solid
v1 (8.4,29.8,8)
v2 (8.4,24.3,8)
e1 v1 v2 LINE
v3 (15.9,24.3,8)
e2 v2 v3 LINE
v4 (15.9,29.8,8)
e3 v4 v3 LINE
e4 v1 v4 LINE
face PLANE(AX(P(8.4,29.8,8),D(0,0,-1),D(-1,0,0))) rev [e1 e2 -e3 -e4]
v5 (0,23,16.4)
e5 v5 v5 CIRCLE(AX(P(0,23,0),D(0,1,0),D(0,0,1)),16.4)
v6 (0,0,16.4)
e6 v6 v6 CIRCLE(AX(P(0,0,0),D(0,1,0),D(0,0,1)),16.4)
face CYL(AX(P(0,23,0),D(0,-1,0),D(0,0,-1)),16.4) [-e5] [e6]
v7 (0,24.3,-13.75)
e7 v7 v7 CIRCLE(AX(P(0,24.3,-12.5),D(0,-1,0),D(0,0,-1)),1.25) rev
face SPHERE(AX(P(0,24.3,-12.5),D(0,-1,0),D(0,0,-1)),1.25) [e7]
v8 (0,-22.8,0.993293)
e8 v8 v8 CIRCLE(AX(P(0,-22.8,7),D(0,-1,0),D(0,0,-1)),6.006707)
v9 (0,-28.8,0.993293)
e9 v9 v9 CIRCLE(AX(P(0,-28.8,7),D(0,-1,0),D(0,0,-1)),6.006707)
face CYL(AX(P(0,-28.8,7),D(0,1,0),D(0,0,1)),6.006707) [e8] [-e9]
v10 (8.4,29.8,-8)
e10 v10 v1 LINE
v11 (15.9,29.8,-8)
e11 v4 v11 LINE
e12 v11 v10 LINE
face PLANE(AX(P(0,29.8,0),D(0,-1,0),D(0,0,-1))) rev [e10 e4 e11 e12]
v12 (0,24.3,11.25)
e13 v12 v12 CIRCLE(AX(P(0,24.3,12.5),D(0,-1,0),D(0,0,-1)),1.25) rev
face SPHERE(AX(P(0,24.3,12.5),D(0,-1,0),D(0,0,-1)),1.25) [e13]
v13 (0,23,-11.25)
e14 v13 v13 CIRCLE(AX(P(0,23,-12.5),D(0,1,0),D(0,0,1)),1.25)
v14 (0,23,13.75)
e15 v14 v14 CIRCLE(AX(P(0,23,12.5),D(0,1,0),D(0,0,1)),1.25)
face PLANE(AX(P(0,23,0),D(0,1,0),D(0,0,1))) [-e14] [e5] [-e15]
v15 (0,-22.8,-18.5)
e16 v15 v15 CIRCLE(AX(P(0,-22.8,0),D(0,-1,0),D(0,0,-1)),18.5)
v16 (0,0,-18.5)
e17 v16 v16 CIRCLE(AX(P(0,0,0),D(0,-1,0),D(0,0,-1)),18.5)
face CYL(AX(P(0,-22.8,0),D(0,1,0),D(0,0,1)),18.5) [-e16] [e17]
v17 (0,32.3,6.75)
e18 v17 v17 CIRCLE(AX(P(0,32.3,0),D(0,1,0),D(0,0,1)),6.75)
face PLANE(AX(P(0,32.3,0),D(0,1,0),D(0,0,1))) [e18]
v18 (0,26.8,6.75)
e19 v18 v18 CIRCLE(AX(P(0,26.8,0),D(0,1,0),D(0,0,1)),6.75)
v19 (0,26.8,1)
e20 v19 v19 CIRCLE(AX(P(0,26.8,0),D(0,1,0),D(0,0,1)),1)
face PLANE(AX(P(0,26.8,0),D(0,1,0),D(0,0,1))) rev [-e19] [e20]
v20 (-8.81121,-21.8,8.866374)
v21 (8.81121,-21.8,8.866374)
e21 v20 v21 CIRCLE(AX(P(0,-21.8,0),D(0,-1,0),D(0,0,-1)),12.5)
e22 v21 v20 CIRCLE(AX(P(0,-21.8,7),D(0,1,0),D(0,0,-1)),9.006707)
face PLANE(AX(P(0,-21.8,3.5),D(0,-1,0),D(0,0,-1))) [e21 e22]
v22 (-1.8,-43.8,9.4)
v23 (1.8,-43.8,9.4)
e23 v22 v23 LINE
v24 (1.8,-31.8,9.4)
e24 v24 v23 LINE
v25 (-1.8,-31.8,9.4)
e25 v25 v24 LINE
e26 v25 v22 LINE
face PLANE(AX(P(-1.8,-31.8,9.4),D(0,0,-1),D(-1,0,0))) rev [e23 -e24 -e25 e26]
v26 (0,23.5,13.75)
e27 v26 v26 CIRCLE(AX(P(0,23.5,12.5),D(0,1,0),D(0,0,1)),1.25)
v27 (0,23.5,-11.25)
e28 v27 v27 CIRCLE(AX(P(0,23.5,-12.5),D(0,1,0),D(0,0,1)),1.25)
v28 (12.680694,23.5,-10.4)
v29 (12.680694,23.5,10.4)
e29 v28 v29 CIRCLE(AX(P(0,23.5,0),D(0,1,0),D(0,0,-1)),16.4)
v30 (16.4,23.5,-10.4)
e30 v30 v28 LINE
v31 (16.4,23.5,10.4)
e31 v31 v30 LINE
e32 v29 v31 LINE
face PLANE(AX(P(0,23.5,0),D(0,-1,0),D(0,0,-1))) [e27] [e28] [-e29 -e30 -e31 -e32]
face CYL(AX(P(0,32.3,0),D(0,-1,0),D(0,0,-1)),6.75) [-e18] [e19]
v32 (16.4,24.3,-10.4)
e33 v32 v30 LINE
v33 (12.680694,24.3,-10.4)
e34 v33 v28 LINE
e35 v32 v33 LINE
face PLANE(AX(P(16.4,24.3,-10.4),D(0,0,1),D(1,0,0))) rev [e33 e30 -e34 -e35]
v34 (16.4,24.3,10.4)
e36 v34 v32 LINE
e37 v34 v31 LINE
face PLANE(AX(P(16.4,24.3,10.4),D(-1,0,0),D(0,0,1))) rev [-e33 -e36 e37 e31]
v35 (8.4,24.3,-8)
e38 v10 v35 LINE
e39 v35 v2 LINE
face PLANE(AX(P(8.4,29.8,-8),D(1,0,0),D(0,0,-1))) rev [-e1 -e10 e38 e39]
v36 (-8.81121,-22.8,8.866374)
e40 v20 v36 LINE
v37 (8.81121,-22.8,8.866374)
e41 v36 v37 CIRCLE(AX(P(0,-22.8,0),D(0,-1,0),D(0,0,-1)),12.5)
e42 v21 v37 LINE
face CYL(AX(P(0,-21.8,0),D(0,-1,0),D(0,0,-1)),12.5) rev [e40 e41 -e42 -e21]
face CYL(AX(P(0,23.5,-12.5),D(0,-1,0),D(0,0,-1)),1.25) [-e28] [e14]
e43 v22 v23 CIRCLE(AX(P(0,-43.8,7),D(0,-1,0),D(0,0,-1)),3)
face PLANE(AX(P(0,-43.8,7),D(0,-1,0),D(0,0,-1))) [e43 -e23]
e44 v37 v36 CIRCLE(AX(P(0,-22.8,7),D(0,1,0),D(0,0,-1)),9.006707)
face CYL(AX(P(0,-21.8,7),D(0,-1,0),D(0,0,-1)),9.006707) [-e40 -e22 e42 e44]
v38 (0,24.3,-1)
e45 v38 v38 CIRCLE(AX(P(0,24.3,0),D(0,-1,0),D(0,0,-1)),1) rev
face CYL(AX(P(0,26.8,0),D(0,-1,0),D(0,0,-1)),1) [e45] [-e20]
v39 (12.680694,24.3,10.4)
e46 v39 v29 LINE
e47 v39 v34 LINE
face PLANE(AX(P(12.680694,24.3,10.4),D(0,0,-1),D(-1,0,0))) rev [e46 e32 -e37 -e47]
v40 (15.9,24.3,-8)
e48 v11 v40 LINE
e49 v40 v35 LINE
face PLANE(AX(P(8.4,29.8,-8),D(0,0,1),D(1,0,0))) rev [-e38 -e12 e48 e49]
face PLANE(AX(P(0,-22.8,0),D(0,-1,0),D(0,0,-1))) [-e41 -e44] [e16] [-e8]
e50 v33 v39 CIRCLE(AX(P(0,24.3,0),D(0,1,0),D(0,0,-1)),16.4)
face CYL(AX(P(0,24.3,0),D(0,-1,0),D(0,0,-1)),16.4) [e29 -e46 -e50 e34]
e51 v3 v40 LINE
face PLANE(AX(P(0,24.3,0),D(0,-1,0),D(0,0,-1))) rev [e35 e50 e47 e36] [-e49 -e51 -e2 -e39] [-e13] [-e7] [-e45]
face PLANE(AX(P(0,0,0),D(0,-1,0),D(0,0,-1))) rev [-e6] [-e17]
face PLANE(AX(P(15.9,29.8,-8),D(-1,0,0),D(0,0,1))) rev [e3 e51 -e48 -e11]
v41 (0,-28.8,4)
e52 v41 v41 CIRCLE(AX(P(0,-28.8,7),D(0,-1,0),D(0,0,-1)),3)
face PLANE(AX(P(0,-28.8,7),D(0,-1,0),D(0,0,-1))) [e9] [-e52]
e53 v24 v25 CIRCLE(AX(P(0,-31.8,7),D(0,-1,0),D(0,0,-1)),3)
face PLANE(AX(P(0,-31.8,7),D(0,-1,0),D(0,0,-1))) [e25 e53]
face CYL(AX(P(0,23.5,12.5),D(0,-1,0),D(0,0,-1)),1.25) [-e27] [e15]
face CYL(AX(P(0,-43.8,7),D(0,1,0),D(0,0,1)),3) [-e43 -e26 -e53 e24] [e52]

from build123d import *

# Parameters (mm, degrees)
SKETCH1_R            = 16.4
BOSS_EXTRUDE1_DEPTH  = 23
SKETCH2_R            = 1.25
BOSS_EXTRUDE2_DEPTH  = 0.5
SKETCH4_R            = 18.5
BOSS_EXTRUDE4_DEPTH  = 22.8
CUT_EXTRUDE1_DEPTH   = 1
SKETCH6_R            = 6.006706661
BOSS_EXTRUDE5_DEPTH  = 6
SKETCH7_R            = 3
BOSS_EXTRUDE6_DEPTH  = 15
CUT_EXTRUDE2_START   = -12
CUT_EXTRUDE2_DEPTH   = 12
BOSS_EXTRUDE7_DEPTH  = 0.8
REVOLVE4_ANGLE       = 180
SKETCH13_R           = 1
BOSS_EXTRUDE9_DEPTH  = 2.5
SKETCH14_R           = 6.75
BOSS_EXTRUDE10_DEPTH = 5.5
SKETCH15_W           = 7.5
SKETCH15_H           = 16
BOSS_EXTRUDE11_DEPTH = 5.5


with BuildPart() as part:
    # Sketch1 → Boss-Extrude1 (new body)
    with BuildSketch(Plane(origin=(0, 0, 0), x_dir=(-1, 0, 0), z_dir=(0, 1, 0))):
        with Locations(Location((0, 0, 0), (0, 0, 90))):
            Circle(SKETCH1_R)
    extrude(amount=BOSS_EXTRUDE1_DEPTH)

    # Sketch2 → Boss-Extrude2 (add)
    with BuildSketch(Plane(origin=(0, 23, 0), x_dir=(-1, 0, 0), z_dir=(0, 1, 0))):
        with Locations(Location((0, 12.5, 0), (0, 0, 90))):
            Circle(SKETCH2_R)
        with Locations(Location((0, -12.5, 0), (0, 0, 90))):
            Circle(SKETCH2_R)
    extrude(amount=BOSS_EXTRUDE2_DEPTH)

    # Sketch4 → Boss-Extrude4 (add)
    with BuildSketch(Plane.XZ):
        with Locations(Location((0, 0, 0), (0, 0, 270))):
            Circle(SKETCH4_R)
    extrude(amount=BOSS_EXTRUDE4_DEPTH)

    # Sketch5 → Cut-Extrude1 (cut)
    with BuildSketch(Plane.XZ.offset(22.8)):
        with BuildLine():
            ThreePointArc((-8.811209519, 8.866373938), (0, -12.5), (8.811209519, 8.866373938))
            ThreePointArc((8.811209519, 8.866373938), (0, -2.006706661), (-8.811209519, 8.866373938))
        make_face()
    extrude(amount=-CUT_EXTRUDE1_DEPTH, mode=Mode.SUBTRACT)

    # Sketch6 → Boss-Extrude5 (add)
    with BuildSketch(Plane.XZ.offset(22.8)):
        with Locations(Location((0, 7, 0), (0, 0, 270))):
            Circle(SKETCH6_R)
    extrude(amount=BOSS_EXTRUDE5_DEPTH)

    # Sketch7 → Boss-Extrude6 (add)
    with BuildSketch(Plane.XZ.offset(28.8)):
        with Locations(Location((0, 7, 0), (0, 0, 270))):
            Circle(SKETCH7_R)
    extrude(amount=BOSS_EXTRUDE6_DEPTH)

    # Sketch8 → Cut-Extrude2 (cut)
    with BuildSketch(Plane.XZ.offset(43.8).offset(CUT_EXTRUDE2_START)):
        with BuildLine():
            Line((-1.8, 9.4), (1.8, 9.4))
            ThreePointArc((1.8, 9.4), (0, 10), (-1.8, 9.4))
        make_face()
    extrude(amount=CUT_EXTRUDE2_DEPTH, mode=Mode.SUBTRACT)

    # Sketch9 → Boss-Extrude7 (add)
    with BuildSketch(Plane(origin=(0, 23.5, 0), x_dir=(-1, 0, 0), z_dir=(0, 1, 0))):
        with BuildLine():
            Line((-12.680693987, 10.4), (-16.4, 10.4))
            Line((-16.4, 10.4), (-16.4, -10.4))
            Line((-16.4, -10.4), (-12.680693987, -10.4))
            ThreePointArc((-12.680693987, -10.4), (16.4, 0), (-12.680693987, 10.4))
        make_face()
    extrude(amount=BOSS_EXTRUDE7_DEPTH)

    # Sketch10 → Revolve4 (revolve)
    with BuildSketch(Plane(origin=(0, 24.3, 0), x_dir=(-1, 0, 0), z_dir=(0, 1, 0))):
        with BuildLine():
            Line((0, 13.75), (0, 11.25))
            ThreePointArc((0, 11.25), (1.25, 12.5), (0, 13.75))
        make_face()
        with BuildLine():
            Line((0, -11.25), (0, -13.75))
            ThreePointArc((0, -13.75), (1.25, -12.5), (0, -11.25))
        make_face()
    revolve(axis=Axis((0, 24.3, 12.5), (0, 0, -1)), revolution_arc=REVOLVE4_ANGLE)

    # Sketch13 → Boss-Extrude9 (add)
    with BuildSketch(Plane(origin=(0, 24.3, 0), x_dir=(-1, 0, 0), z_dir=(0, 1, 0))):
        with Locations(Location((0, 0, 0), (0, 0, 270))):
            Circle(SKETCH13_R)
    extrude(amount=BOSS_EXTRUDE9_DEPTH)

    # Sketch14 → Boss-Extrude10 (add)
    with BuildSketch(Plane(origin=(0, 26.8, 0), x_dir=(-1, 0, 0), z_dir=(0, 1, 0))):
        with Locations(Location((0, 0, 0), (0, 0, 90))):
            Circle(SKETCH14_R)
    extrude(amount=BOSS_EXTRUDE10_DEPTH)

    # Sketch15 → Boss-Extrude11 (add)
    with BuildSketch(Plane(origin=(0, 24.3, 0), x_dir=(-1, 0, 0), z_dir=(0, 1, 0))):
        with Locations((-12.15, 0)):
            Rectangle(SKETCH15_W, SKETCH15_H)
    extrude(amount=BOSS_EXTRUDE11_DEPTH)


solid = part.part
